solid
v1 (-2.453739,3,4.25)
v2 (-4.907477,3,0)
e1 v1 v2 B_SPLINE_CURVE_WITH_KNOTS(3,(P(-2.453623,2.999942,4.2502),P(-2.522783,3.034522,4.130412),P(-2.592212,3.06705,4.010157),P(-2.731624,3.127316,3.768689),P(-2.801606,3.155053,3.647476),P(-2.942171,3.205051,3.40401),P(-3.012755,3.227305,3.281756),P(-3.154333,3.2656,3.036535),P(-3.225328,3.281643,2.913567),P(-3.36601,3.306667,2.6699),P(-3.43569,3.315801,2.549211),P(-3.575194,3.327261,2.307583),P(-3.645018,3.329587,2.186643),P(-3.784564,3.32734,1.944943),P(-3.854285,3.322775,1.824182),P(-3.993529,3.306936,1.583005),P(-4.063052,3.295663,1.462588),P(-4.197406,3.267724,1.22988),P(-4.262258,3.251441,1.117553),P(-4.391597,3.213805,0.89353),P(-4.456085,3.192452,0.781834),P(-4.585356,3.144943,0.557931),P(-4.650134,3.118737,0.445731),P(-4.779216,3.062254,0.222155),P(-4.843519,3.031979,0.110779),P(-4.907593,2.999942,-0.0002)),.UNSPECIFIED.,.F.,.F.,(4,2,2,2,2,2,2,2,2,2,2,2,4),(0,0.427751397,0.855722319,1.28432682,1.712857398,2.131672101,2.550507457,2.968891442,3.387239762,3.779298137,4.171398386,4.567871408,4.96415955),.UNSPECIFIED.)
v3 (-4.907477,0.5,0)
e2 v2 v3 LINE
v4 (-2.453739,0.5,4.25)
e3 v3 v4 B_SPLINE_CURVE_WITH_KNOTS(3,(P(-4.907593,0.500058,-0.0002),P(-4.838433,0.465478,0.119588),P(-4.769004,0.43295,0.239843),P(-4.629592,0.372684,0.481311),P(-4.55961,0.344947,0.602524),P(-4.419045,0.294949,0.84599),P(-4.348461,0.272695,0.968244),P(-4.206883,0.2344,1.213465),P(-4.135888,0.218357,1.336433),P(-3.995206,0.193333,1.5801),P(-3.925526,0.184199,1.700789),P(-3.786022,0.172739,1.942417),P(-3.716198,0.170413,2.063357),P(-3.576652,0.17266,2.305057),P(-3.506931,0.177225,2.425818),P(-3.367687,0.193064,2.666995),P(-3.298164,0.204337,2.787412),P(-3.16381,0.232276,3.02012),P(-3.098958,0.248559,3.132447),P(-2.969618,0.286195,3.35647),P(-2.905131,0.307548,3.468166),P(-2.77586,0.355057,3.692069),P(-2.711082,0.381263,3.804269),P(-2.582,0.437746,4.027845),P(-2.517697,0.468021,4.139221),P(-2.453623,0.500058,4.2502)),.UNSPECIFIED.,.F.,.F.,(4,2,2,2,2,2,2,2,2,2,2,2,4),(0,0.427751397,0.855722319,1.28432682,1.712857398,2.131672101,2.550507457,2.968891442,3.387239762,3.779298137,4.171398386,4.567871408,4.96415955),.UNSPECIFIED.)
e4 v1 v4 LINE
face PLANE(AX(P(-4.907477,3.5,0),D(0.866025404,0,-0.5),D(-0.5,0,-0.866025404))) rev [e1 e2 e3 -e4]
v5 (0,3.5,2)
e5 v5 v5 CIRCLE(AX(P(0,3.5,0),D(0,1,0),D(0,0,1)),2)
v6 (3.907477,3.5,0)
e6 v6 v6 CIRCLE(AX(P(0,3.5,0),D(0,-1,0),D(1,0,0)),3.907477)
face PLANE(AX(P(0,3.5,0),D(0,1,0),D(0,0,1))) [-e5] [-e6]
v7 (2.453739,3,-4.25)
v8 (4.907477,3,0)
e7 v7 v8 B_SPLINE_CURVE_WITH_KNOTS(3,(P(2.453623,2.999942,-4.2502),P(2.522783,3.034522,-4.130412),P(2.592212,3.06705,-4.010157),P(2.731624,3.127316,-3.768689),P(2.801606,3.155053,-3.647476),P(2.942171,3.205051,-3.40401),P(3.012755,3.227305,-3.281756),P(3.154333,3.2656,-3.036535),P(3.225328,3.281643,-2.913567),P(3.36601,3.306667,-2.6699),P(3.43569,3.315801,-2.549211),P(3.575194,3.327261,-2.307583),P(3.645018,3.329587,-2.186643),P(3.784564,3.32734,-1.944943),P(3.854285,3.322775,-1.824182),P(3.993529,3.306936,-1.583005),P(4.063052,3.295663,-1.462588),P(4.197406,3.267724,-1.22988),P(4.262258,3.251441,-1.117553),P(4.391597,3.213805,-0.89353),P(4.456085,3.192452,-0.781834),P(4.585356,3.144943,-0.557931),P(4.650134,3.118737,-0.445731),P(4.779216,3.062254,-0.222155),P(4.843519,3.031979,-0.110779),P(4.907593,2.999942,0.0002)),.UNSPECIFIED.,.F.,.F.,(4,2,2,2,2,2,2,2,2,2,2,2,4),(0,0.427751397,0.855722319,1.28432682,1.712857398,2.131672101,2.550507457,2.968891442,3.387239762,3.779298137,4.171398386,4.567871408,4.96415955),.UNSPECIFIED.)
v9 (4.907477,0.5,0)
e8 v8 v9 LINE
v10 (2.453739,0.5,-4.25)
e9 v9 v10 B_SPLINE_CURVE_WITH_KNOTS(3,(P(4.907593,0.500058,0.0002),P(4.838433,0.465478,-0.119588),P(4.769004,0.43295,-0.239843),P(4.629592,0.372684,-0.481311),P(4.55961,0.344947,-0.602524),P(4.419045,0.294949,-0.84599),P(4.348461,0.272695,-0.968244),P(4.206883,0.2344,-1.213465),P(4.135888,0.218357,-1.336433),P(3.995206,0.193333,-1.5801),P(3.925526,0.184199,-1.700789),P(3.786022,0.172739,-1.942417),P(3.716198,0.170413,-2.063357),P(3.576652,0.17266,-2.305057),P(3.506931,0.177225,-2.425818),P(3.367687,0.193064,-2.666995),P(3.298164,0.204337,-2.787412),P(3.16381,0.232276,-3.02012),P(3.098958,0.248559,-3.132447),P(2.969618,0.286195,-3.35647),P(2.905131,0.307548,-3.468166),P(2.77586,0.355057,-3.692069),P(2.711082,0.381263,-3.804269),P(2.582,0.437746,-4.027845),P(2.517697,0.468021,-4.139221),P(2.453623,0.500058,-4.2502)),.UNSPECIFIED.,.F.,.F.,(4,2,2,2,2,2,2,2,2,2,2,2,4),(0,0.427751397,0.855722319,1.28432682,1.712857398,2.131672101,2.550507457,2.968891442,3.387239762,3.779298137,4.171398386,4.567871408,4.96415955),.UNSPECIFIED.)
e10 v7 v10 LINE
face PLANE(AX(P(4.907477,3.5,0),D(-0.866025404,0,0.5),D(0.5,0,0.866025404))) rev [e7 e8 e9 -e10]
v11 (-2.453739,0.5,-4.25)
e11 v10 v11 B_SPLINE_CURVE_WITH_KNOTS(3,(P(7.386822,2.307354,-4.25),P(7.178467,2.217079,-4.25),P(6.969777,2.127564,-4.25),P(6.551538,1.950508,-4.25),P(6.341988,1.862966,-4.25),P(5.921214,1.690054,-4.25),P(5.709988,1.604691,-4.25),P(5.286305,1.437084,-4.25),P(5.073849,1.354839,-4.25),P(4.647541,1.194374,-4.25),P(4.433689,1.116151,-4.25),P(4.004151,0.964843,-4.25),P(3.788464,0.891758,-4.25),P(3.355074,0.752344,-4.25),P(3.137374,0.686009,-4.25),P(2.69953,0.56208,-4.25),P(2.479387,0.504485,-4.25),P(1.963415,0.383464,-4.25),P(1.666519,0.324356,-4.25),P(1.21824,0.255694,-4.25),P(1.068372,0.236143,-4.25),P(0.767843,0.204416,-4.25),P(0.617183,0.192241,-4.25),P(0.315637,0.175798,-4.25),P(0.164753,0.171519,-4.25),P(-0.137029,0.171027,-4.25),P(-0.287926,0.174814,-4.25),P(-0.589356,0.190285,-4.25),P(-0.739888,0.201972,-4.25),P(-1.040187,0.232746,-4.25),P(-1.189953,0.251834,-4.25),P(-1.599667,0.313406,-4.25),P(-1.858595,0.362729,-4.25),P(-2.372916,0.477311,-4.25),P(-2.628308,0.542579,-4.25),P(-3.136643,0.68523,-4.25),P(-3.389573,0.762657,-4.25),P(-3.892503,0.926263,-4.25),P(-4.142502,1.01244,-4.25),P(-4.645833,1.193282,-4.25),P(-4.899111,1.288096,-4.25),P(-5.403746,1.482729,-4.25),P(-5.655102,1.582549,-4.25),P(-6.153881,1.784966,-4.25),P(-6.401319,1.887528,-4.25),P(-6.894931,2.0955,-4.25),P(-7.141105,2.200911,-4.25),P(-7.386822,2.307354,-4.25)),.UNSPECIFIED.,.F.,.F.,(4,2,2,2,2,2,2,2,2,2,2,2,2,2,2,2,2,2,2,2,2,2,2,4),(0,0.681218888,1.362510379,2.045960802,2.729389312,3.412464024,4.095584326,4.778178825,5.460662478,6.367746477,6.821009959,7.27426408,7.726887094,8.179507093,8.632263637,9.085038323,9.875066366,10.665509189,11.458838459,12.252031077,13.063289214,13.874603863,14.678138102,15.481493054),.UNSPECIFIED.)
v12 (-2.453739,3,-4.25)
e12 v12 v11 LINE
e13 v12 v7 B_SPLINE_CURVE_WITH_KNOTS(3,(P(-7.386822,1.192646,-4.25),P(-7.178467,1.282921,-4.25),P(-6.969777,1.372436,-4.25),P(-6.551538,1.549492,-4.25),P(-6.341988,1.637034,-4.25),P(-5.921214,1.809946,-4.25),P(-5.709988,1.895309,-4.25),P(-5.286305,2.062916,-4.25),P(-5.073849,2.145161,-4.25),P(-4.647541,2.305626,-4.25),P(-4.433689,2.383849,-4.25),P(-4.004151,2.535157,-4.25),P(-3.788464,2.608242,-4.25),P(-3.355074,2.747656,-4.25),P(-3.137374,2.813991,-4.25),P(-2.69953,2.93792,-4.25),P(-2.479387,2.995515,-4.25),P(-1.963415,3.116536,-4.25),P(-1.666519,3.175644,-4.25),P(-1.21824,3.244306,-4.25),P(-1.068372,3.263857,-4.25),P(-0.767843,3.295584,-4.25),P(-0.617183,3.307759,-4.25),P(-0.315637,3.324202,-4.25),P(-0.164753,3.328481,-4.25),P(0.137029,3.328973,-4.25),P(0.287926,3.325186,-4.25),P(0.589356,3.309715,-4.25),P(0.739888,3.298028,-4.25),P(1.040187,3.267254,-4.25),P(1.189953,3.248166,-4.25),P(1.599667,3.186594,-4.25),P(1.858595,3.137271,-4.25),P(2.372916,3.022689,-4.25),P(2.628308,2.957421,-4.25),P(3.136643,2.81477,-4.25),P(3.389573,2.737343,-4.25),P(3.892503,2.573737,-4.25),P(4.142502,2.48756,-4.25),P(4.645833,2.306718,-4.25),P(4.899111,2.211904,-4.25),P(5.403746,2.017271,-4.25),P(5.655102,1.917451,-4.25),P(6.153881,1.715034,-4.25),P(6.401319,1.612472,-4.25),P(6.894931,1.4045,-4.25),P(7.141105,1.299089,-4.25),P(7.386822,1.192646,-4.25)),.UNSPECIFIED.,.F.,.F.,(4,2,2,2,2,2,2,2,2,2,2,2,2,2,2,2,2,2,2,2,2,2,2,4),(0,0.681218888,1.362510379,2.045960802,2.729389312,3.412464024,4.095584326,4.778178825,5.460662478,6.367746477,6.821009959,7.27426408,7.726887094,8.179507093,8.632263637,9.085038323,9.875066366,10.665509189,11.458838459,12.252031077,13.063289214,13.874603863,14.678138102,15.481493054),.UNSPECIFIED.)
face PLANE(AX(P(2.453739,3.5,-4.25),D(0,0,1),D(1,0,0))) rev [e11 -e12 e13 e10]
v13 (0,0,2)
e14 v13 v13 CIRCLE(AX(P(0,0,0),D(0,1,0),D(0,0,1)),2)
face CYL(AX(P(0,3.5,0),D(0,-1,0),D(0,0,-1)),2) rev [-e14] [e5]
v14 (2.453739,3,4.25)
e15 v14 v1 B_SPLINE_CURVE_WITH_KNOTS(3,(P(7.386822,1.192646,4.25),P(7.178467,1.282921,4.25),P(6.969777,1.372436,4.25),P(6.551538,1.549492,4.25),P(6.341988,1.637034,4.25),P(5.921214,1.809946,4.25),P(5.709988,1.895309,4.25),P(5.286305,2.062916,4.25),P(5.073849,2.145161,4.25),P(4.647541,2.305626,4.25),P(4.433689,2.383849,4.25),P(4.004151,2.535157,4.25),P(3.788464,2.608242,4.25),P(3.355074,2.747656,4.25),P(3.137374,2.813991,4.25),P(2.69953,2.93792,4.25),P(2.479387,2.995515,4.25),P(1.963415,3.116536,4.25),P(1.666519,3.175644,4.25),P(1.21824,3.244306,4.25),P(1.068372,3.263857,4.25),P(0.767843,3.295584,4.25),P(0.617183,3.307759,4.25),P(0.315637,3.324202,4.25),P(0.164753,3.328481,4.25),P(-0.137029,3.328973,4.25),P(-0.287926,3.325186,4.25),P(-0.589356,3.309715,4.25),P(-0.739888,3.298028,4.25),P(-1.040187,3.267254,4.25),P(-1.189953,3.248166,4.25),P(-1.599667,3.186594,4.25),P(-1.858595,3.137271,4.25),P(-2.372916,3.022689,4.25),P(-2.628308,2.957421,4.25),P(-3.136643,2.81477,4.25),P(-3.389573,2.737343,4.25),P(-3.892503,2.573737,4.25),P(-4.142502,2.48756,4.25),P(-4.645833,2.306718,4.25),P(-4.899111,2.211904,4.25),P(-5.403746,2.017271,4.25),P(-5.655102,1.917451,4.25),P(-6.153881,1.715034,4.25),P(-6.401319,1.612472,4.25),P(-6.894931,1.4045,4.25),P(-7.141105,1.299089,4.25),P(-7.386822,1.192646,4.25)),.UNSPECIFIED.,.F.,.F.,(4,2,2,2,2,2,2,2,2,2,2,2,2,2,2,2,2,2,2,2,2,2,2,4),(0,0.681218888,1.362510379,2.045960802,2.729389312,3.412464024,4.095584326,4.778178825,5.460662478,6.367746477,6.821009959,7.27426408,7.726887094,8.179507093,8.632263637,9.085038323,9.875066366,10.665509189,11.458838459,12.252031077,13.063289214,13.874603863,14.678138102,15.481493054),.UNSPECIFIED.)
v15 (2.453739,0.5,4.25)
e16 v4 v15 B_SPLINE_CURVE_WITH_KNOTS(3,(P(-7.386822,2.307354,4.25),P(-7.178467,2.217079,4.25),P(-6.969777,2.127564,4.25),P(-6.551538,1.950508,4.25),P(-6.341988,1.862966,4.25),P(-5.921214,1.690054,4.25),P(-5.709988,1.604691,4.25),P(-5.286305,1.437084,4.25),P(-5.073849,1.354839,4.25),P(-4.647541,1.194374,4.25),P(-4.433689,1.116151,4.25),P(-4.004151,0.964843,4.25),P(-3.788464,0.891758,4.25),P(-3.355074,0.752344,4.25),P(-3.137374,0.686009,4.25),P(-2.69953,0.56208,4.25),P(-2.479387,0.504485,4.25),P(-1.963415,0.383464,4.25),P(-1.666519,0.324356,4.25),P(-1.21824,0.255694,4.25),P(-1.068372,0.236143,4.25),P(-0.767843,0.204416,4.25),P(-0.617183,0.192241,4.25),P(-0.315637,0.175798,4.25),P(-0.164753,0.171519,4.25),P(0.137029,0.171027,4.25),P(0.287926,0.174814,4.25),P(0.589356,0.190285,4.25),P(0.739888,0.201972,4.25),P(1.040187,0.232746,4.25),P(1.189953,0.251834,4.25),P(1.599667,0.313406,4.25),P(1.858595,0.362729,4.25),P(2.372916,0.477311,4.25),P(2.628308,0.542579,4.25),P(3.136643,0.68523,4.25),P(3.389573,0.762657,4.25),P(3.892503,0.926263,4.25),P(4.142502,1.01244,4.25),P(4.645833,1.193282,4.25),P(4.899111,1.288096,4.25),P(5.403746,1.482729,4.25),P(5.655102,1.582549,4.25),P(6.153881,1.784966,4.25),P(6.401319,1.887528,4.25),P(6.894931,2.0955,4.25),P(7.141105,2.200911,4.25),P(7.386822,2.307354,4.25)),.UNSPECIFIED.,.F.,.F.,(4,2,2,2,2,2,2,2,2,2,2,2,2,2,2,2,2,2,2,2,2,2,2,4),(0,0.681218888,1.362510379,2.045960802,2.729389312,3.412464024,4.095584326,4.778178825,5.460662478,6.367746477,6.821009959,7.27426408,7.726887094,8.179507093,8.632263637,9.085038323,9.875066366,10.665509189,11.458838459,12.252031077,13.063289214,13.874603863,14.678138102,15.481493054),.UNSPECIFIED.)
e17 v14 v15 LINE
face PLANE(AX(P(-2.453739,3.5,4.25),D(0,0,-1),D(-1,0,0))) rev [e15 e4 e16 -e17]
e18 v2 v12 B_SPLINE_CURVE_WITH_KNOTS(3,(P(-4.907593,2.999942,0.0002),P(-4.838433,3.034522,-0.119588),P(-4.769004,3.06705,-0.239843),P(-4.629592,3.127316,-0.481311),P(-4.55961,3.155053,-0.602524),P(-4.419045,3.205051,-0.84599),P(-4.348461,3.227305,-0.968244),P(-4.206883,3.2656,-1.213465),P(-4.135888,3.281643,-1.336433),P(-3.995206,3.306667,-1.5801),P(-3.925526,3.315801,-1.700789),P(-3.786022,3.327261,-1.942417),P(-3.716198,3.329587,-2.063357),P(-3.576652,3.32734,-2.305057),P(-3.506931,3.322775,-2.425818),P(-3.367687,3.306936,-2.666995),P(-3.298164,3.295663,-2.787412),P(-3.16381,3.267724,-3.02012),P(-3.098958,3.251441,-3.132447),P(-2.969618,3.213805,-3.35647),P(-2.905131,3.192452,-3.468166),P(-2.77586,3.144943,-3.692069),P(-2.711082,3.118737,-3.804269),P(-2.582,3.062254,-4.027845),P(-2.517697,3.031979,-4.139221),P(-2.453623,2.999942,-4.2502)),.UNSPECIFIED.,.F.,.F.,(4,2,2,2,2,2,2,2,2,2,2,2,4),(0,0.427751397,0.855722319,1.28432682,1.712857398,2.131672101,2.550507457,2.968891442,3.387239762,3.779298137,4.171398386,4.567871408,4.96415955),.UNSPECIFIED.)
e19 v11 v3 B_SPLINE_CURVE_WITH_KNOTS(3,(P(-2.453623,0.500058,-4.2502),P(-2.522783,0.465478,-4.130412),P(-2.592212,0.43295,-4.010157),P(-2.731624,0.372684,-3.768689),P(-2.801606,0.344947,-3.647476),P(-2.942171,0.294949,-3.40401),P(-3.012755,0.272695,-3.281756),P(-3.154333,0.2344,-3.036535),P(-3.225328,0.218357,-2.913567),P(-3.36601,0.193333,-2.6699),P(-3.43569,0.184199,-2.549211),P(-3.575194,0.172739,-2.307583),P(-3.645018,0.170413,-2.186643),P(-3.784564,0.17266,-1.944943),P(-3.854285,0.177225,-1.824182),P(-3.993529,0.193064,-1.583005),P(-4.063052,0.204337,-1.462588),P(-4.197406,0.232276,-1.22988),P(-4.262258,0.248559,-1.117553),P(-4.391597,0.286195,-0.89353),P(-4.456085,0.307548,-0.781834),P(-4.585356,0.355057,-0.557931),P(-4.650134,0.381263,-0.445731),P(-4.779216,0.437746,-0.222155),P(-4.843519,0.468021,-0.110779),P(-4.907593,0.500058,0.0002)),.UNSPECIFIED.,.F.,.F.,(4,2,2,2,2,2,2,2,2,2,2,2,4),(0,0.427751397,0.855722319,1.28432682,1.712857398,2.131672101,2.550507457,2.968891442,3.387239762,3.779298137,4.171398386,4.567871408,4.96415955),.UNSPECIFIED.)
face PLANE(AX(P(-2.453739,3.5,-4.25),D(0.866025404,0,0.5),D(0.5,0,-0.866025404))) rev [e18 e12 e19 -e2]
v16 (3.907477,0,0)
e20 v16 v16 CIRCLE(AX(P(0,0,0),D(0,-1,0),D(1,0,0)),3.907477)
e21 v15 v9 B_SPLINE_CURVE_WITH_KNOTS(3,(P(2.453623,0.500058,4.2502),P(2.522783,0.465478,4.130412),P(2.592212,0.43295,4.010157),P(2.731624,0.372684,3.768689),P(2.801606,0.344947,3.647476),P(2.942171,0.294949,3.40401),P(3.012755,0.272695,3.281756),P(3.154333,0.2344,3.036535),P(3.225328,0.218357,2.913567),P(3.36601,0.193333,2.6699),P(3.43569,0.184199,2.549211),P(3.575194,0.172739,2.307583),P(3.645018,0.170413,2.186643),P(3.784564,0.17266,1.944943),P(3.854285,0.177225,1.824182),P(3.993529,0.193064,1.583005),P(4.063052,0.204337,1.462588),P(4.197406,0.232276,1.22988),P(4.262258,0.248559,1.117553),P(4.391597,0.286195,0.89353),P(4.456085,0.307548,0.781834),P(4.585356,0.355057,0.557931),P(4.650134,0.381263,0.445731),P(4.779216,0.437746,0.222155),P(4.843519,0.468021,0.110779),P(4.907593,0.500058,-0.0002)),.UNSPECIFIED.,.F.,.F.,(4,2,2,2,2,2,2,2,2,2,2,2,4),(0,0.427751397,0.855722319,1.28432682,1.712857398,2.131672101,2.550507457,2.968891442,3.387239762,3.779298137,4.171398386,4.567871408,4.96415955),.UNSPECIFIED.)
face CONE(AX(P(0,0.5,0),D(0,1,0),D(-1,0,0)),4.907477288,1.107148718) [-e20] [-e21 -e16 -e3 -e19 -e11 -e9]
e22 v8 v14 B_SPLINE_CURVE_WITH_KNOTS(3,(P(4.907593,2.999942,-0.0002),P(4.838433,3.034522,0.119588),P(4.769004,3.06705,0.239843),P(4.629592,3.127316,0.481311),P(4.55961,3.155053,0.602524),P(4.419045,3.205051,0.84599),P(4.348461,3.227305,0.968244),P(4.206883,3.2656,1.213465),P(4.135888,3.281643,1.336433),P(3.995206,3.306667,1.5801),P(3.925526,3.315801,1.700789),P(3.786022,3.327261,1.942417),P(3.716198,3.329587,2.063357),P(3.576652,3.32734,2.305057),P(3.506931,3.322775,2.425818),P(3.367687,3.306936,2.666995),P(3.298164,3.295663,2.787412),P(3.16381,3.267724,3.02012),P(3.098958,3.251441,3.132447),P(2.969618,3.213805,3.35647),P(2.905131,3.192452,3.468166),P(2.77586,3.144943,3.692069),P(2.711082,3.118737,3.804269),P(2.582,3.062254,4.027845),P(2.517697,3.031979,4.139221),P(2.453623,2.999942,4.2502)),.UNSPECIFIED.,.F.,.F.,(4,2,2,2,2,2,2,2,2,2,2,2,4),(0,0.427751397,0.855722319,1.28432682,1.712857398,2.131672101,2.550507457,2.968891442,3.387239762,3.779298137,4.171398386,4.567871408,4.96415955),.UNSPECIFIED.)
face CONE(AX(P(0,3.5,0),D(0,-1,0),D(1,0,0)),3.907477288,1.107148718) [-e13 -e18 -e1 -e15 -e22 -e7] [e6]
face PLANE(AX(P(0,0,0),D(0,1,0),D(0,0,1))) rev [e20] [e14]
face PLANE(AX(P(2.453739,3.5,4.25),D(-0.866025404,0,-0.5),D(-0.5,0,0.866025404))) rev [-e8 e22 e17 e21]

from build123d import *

# Parameters (mm, degrees)
SKETCH1_R           = 2
BOSS_EXTRUDE1_DEPTH = 3.5


with BuildPart() as part:
    # Sketch1 → Boss-Extrude1 (new body)
    with BuildSketch(Plane(origin=(0, 0, 0), x_dir=(1, 0, 0), z_dir=(0, 1, 0))):
        Polygon((2.453738644, 4.25), (-2.453738644, 4.25), (-4.907477288, 0), (-2.453738644, -4.25), (2.453738644, -4.25), (4.907477288, 0), align=None)
        with Locations(Location((0, 0, 0), (0, 0, 270))):
            Circle(SKETCH1_R, mode=Mode.SUBTRACT)
    extrude(amount=BOSS_EXTRUDE1_DEPTH)

    # Sketch2 → Cut-Revolve1 (revolve, cut)
    with BuildSketch(Plane.XY):
        Polygon((3.907477288, 3.5), (4.907477288, 3), (4.907477288, 3.5), align=None)
        Polygon((3.907477288, 0), (4.907477288, 0), (4.907477288, 0.5), align=None)
    revolve(axis=Axis((0, -1000, 0), (0, 1, 0)), mode=Mode.SUBTRACT)


solid = part.part
